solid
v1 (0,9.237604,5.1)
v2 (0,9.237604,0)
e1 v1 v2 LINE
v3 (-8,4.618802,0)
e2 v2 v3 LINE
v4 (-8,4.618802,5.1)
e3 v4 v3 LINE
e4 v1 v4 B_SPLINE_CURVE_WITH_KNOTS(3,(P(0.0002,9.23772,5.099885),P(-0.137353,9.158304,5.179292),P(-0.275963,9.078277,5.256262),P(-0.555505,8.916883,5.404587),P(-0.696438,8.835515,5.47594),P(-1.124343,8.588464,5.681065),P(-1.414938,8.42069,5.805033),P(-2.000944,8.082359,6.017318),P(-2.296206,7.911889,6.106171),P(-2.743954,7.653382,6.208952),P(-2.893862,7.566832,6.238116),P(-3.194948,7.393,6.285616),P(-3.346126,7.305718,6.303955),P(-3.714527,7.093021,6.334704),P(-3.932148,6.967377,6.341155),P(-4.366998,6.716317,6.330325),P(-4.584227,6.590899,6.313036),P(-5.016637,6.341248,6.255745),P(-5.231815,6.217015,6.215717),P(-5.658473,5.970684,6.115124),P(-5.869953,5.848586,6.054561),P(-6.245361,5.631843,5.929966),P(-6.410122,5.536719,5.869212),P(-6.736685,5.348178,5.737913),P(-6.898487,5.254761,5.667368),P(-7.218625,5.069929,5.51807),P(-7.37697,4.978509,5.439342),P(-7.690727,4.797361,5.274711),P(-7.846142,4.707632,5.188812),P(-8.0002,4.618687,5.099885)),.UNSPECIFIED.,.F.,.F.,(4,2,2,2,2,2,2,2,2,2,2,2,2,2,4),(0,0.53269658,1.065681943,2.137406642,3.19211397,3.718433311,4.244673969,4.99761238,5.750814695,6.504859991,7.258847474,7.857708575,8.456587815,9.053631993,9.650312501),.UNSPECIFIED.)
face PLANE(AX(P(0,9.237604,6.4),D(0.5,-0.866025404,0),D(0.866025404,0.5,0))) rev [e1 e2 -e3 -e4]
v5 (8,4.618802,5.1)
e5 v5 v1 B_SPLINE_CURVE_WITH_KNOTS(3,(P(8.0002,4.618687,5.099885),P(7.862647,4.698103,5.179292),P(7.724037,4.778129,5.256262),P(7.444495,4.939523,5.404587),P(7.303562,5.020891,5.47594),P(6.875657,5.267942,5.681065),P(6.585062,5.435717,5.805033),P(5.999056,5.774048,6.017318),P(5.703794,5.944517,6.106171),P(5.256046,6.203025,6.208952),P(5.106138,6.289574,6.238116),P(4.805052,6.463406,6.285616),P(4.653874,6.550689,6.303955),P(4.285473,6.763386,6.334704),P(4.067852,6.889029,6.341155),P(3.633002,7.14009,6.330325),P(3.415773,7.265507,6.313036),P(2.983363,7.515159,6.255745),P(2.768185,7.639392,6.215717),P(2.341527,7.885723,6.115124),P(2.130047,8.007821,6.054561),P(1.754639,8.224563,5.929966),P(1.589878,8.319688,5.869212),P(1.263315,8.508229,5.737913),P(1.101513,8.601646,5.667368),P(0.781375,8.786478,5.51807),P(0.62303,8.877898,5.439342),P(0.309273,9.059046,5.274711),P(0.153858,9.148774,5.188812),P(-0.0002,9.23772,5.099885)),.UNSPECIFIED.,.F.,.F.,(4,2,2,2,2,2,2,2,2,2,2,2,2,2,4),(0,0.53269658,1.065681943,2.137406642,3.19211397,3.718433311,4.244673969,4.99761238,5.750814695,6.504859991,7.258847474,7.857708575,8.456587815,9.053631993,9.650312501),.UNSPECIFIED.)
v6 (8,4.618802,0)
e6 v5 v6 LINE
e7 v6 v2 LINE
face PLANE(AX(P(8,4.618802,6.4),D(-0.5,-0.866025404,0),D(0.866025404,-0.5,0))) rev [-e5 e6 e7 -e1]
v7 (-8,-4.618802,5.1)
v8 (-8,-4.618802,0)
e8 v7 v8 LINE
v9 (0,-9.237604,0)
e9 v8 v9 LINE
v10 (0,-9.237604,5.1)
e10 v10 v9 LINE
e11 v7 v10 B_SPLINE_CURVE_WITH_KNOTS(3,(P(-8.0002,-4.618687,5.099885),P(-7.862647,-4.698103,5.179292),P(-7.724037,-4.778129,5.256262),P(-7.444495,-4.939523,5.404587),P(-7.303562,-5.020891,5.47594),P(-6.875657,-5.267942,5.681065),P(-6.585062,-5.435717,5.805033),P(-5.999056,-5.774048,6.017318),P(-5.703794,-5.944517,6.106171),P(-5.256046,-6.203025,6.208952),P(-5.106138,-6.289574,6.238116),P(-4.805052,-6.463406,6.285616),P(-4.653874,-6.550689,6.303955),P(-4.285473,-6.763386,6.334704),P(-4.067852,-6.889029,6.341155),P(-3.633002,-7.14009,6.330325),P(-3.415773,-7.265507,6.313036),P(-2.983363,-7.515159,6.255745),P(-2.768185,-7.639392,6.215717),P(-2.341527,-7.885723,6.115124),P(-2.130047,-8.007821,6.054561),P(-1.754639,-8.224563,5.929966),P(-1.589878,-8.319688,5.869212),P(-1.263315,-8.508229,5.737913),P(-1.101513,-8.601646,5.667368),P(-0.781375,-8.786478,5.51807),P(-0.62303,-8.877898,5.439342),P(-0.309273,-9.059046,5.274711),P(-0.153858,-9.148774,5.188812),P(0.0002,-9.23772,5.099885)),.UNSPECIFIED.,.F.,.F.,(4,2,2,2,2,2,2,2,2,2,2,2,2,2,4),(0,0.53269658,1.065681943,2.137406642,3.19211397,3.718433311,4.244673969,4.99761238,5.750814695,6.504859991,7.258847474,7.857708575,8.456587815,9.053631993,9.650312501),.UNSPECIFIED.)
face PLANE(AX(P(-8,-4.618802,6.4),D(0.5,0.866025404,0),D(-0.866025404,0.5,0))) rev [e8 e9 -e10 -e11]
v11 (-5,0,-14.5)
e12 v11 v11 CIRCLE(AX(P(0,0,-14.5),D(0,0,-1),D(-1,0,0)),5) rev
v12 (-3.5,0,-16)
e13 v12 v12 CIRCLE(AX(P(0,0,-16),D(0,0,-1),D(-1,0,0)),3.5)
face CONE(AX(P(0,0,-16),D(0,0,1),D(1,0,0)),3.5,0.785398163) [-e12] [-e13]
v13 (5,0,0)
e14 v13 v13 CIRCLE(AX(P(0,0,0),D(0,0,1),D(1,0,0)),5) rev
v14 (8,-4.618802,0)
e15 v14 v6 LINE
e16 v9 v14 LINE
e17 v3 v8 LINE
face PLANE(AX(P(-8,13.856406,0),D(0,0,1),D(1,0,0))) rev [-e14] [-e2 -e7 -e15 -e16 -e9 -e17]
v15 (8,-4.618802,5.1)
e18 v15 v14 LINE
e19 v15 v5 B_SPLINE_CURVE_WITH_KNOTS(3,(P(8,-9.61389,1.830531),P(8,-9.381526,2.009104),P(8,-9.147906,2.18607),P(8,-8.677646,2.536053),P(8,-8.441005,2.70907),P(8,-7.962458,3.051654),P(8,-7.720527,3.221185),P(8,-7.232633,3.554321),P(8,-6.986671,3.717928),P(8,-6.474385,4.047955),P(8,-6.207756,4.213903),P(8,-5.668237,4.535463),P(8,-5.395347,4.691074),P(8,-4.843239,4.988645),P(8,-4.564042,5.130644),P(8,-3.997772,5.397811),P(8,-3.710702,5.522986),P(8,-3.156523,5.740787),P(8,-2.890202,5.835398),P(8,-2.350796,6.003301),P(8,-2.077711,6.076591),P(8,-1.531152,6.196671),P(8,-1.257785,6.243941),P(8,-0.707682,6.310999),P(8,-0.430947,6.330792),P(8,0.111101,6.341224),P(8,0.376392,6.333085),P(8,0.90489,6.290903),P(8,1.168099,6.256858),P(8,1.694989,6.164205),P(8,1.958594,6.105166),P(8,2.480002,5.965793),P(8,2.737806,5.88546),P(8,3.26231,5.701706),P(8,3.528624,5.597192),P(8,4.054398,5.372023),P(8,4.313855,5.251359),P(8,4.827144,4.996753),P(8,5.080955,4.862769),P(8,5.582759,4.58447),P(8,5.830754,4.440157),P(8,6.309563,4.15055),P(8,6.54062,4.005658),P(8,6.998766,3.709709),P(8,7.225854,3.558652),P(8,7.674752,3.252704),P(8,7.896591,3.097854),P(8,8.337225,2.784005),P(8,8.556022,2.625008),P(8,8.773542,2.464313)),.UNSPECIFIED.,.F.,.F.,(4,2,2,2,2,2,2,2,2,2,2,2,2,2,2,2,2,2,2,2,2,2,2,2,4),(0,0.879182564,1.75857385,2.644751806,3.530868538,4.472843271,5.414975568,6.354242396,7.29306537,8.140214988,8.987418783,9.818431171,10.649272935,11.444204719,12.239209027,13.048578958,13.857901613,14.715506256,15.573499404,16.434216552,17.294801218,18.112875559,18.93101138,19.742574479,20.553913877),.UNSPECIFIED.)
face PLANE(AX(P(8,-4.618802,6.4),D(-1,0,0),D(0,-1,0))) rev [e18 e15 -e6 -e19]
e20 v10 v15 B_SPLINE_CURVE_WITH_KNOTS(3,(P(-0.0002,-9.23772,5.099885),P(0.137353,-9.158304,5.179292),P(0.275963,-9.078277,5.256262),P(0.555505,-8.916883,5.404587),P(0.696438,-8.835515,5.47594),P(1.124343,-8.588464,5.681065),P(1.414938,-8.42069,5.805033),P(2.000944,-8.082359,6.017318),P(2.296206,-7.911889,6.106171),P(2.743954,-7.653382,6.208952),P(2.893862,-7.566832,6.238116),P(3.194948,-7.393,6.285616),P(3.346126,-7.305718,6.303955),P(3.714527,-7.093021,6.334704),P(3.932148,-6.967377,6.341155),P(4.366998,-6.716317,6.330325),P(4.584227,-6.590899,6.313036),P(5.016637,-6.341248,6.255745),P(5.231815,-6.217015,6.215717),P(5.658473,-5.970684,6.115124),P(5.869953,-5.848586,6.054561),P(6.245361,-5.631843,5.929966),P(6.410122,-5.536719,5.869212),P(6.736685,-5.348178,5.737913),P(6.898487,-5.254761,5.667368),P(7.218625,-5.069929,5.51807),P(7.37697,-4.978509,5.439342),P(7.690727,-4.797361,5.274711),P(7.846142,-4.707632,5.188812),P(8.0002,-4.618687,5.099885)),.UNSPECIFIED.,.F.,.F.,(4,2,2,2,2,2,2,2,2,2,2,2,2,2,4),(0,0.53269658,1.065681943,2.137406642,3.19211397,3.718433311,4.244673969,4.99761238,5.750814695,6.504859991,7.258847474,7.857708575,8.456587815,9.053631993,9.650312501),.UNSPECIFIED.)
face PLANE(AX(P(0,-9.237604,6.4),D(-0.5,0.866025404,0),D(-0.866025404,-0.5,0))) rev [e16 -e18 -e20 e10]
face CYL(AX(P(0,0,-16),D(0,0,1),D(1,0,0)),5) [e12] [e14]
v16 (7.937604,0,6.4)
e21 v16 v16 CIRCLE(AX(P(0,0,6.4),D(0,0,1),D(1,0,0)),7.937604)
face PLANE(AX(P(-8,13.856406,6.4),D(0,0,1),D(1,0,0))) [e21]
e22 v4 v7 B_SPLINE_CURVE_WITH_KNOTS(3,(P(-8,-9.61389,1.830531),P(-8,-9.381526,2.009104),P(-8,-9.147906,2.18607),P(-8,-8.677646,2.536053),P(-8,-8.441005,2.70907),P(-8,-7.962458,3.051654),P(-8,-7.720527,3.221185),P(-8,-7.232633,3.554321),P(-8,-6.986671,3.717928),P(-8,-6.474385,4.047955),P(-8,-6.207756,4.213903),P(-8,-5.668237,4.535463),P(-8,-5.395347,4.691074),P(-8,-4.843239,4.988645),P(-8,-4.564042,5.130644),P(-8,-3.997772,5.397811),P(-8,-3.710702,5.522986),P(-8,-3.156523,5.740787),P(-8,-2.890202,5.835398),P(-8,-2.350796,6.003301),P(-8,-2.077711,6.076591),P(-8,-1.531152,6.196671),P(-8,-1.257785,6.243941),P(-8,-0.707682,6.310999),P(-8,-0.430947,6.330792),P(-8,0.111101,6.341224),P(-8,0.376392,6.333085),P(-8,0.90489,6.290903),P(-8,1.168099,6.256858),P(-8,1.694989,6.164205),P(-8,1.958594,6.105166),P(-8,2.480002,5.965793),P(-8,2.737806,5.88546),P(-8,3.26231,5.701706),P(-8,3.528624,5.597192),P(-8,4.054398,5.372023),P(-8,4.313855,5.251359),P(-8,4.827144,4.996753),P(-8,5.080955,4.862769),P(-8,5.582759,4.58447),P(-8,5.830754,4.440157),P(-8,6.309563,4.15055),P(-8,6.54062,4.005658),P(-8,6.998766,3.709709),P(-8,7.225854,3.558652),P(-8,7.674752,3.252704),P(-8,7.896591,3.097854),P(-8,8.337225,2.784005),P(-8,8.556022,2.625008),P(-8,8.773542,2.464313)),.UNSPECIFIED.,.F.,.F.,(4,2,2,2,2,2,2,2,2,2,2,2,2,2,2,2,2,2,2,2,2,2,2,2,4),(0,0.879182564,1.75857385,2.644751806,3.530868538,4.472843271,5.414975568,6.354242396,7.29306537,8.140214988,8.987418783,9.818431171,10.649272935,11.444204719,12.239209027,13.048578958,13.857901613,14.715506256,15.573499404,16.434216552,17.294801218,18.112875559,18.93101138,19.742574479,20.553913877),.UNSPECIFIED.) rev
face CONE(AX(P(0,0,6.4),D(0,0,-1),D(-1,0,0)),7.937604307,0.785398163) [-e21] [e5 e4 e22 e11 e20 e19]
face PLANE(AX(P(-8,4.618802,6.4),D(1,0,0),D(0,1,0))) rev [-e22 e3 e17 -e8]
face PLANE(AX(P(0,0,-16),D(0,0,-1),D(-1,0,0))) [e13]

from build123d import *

# Parameters (mm, degrees)
EXTRUDE_1_DEPTH = 6.4
SKETCH_2_R      = 5
EXTRUDE_2_DEPTH = 16
CHAMFER_1_SIZE  = 1.5


with BuildPart() as part:
    # Эскиз1 → Вытянуть1 (new body)
    with BuildSketch(Plane.XY):
        Polygon((0, 9.237604307), (-8, 4.618802154), (-8, -4.618802154), (0, -9.237604307), (8, -4.618802154), (8, 4.618802154), align=None)
    extrude(amount=EXTRUDE_1_DEPTH)

    # Эскиз2 → Вытянуть2 (add)
    with BuildSketch(Plane(origin=(0, 0, 0), x_dir=(-1, 0, 0), z_dir=(0, 0, -1))):
        with Locations(Location((0, 0, 0), (0, 0, 180))):
            Circle(SKETCH_2_R)
    extrude(amount=EXTRUDE_2_DEPTH)

    # Эскиз15 → Вырез-Повернуть1 (revolve, cut)
    with BuildSketch(Plane(origin=(0, 0, 0), x_dir=(0, 0, -1), z_dir=(1, 0, 0)), mode=Mode.PRIVATE) as cut_revolve_1_sk:
        Polygon((-6.4, 9.237604307), (-6.4, 7.937604307), (-5.1, 9.237604307), align=None)
    revolve(cut_revolve_1_sk.sketch.rotate(Axis((0, 0, -3.534703431), (0, 0, -1)), 300.00000006), axis=Axis((0, 0, -3.534703431), (0, 0, -1)), mode=Mode.SUBTRACT)

    # Фаска1
    chamfer_1_edges = [part.edges().sort_by_distance(p)[0] for p in [
        (-5, 0, -16),
    ]]
    chamfer(chamfer_1_edges, length=CHAMFER_1_SIZE)


solid = part.part
